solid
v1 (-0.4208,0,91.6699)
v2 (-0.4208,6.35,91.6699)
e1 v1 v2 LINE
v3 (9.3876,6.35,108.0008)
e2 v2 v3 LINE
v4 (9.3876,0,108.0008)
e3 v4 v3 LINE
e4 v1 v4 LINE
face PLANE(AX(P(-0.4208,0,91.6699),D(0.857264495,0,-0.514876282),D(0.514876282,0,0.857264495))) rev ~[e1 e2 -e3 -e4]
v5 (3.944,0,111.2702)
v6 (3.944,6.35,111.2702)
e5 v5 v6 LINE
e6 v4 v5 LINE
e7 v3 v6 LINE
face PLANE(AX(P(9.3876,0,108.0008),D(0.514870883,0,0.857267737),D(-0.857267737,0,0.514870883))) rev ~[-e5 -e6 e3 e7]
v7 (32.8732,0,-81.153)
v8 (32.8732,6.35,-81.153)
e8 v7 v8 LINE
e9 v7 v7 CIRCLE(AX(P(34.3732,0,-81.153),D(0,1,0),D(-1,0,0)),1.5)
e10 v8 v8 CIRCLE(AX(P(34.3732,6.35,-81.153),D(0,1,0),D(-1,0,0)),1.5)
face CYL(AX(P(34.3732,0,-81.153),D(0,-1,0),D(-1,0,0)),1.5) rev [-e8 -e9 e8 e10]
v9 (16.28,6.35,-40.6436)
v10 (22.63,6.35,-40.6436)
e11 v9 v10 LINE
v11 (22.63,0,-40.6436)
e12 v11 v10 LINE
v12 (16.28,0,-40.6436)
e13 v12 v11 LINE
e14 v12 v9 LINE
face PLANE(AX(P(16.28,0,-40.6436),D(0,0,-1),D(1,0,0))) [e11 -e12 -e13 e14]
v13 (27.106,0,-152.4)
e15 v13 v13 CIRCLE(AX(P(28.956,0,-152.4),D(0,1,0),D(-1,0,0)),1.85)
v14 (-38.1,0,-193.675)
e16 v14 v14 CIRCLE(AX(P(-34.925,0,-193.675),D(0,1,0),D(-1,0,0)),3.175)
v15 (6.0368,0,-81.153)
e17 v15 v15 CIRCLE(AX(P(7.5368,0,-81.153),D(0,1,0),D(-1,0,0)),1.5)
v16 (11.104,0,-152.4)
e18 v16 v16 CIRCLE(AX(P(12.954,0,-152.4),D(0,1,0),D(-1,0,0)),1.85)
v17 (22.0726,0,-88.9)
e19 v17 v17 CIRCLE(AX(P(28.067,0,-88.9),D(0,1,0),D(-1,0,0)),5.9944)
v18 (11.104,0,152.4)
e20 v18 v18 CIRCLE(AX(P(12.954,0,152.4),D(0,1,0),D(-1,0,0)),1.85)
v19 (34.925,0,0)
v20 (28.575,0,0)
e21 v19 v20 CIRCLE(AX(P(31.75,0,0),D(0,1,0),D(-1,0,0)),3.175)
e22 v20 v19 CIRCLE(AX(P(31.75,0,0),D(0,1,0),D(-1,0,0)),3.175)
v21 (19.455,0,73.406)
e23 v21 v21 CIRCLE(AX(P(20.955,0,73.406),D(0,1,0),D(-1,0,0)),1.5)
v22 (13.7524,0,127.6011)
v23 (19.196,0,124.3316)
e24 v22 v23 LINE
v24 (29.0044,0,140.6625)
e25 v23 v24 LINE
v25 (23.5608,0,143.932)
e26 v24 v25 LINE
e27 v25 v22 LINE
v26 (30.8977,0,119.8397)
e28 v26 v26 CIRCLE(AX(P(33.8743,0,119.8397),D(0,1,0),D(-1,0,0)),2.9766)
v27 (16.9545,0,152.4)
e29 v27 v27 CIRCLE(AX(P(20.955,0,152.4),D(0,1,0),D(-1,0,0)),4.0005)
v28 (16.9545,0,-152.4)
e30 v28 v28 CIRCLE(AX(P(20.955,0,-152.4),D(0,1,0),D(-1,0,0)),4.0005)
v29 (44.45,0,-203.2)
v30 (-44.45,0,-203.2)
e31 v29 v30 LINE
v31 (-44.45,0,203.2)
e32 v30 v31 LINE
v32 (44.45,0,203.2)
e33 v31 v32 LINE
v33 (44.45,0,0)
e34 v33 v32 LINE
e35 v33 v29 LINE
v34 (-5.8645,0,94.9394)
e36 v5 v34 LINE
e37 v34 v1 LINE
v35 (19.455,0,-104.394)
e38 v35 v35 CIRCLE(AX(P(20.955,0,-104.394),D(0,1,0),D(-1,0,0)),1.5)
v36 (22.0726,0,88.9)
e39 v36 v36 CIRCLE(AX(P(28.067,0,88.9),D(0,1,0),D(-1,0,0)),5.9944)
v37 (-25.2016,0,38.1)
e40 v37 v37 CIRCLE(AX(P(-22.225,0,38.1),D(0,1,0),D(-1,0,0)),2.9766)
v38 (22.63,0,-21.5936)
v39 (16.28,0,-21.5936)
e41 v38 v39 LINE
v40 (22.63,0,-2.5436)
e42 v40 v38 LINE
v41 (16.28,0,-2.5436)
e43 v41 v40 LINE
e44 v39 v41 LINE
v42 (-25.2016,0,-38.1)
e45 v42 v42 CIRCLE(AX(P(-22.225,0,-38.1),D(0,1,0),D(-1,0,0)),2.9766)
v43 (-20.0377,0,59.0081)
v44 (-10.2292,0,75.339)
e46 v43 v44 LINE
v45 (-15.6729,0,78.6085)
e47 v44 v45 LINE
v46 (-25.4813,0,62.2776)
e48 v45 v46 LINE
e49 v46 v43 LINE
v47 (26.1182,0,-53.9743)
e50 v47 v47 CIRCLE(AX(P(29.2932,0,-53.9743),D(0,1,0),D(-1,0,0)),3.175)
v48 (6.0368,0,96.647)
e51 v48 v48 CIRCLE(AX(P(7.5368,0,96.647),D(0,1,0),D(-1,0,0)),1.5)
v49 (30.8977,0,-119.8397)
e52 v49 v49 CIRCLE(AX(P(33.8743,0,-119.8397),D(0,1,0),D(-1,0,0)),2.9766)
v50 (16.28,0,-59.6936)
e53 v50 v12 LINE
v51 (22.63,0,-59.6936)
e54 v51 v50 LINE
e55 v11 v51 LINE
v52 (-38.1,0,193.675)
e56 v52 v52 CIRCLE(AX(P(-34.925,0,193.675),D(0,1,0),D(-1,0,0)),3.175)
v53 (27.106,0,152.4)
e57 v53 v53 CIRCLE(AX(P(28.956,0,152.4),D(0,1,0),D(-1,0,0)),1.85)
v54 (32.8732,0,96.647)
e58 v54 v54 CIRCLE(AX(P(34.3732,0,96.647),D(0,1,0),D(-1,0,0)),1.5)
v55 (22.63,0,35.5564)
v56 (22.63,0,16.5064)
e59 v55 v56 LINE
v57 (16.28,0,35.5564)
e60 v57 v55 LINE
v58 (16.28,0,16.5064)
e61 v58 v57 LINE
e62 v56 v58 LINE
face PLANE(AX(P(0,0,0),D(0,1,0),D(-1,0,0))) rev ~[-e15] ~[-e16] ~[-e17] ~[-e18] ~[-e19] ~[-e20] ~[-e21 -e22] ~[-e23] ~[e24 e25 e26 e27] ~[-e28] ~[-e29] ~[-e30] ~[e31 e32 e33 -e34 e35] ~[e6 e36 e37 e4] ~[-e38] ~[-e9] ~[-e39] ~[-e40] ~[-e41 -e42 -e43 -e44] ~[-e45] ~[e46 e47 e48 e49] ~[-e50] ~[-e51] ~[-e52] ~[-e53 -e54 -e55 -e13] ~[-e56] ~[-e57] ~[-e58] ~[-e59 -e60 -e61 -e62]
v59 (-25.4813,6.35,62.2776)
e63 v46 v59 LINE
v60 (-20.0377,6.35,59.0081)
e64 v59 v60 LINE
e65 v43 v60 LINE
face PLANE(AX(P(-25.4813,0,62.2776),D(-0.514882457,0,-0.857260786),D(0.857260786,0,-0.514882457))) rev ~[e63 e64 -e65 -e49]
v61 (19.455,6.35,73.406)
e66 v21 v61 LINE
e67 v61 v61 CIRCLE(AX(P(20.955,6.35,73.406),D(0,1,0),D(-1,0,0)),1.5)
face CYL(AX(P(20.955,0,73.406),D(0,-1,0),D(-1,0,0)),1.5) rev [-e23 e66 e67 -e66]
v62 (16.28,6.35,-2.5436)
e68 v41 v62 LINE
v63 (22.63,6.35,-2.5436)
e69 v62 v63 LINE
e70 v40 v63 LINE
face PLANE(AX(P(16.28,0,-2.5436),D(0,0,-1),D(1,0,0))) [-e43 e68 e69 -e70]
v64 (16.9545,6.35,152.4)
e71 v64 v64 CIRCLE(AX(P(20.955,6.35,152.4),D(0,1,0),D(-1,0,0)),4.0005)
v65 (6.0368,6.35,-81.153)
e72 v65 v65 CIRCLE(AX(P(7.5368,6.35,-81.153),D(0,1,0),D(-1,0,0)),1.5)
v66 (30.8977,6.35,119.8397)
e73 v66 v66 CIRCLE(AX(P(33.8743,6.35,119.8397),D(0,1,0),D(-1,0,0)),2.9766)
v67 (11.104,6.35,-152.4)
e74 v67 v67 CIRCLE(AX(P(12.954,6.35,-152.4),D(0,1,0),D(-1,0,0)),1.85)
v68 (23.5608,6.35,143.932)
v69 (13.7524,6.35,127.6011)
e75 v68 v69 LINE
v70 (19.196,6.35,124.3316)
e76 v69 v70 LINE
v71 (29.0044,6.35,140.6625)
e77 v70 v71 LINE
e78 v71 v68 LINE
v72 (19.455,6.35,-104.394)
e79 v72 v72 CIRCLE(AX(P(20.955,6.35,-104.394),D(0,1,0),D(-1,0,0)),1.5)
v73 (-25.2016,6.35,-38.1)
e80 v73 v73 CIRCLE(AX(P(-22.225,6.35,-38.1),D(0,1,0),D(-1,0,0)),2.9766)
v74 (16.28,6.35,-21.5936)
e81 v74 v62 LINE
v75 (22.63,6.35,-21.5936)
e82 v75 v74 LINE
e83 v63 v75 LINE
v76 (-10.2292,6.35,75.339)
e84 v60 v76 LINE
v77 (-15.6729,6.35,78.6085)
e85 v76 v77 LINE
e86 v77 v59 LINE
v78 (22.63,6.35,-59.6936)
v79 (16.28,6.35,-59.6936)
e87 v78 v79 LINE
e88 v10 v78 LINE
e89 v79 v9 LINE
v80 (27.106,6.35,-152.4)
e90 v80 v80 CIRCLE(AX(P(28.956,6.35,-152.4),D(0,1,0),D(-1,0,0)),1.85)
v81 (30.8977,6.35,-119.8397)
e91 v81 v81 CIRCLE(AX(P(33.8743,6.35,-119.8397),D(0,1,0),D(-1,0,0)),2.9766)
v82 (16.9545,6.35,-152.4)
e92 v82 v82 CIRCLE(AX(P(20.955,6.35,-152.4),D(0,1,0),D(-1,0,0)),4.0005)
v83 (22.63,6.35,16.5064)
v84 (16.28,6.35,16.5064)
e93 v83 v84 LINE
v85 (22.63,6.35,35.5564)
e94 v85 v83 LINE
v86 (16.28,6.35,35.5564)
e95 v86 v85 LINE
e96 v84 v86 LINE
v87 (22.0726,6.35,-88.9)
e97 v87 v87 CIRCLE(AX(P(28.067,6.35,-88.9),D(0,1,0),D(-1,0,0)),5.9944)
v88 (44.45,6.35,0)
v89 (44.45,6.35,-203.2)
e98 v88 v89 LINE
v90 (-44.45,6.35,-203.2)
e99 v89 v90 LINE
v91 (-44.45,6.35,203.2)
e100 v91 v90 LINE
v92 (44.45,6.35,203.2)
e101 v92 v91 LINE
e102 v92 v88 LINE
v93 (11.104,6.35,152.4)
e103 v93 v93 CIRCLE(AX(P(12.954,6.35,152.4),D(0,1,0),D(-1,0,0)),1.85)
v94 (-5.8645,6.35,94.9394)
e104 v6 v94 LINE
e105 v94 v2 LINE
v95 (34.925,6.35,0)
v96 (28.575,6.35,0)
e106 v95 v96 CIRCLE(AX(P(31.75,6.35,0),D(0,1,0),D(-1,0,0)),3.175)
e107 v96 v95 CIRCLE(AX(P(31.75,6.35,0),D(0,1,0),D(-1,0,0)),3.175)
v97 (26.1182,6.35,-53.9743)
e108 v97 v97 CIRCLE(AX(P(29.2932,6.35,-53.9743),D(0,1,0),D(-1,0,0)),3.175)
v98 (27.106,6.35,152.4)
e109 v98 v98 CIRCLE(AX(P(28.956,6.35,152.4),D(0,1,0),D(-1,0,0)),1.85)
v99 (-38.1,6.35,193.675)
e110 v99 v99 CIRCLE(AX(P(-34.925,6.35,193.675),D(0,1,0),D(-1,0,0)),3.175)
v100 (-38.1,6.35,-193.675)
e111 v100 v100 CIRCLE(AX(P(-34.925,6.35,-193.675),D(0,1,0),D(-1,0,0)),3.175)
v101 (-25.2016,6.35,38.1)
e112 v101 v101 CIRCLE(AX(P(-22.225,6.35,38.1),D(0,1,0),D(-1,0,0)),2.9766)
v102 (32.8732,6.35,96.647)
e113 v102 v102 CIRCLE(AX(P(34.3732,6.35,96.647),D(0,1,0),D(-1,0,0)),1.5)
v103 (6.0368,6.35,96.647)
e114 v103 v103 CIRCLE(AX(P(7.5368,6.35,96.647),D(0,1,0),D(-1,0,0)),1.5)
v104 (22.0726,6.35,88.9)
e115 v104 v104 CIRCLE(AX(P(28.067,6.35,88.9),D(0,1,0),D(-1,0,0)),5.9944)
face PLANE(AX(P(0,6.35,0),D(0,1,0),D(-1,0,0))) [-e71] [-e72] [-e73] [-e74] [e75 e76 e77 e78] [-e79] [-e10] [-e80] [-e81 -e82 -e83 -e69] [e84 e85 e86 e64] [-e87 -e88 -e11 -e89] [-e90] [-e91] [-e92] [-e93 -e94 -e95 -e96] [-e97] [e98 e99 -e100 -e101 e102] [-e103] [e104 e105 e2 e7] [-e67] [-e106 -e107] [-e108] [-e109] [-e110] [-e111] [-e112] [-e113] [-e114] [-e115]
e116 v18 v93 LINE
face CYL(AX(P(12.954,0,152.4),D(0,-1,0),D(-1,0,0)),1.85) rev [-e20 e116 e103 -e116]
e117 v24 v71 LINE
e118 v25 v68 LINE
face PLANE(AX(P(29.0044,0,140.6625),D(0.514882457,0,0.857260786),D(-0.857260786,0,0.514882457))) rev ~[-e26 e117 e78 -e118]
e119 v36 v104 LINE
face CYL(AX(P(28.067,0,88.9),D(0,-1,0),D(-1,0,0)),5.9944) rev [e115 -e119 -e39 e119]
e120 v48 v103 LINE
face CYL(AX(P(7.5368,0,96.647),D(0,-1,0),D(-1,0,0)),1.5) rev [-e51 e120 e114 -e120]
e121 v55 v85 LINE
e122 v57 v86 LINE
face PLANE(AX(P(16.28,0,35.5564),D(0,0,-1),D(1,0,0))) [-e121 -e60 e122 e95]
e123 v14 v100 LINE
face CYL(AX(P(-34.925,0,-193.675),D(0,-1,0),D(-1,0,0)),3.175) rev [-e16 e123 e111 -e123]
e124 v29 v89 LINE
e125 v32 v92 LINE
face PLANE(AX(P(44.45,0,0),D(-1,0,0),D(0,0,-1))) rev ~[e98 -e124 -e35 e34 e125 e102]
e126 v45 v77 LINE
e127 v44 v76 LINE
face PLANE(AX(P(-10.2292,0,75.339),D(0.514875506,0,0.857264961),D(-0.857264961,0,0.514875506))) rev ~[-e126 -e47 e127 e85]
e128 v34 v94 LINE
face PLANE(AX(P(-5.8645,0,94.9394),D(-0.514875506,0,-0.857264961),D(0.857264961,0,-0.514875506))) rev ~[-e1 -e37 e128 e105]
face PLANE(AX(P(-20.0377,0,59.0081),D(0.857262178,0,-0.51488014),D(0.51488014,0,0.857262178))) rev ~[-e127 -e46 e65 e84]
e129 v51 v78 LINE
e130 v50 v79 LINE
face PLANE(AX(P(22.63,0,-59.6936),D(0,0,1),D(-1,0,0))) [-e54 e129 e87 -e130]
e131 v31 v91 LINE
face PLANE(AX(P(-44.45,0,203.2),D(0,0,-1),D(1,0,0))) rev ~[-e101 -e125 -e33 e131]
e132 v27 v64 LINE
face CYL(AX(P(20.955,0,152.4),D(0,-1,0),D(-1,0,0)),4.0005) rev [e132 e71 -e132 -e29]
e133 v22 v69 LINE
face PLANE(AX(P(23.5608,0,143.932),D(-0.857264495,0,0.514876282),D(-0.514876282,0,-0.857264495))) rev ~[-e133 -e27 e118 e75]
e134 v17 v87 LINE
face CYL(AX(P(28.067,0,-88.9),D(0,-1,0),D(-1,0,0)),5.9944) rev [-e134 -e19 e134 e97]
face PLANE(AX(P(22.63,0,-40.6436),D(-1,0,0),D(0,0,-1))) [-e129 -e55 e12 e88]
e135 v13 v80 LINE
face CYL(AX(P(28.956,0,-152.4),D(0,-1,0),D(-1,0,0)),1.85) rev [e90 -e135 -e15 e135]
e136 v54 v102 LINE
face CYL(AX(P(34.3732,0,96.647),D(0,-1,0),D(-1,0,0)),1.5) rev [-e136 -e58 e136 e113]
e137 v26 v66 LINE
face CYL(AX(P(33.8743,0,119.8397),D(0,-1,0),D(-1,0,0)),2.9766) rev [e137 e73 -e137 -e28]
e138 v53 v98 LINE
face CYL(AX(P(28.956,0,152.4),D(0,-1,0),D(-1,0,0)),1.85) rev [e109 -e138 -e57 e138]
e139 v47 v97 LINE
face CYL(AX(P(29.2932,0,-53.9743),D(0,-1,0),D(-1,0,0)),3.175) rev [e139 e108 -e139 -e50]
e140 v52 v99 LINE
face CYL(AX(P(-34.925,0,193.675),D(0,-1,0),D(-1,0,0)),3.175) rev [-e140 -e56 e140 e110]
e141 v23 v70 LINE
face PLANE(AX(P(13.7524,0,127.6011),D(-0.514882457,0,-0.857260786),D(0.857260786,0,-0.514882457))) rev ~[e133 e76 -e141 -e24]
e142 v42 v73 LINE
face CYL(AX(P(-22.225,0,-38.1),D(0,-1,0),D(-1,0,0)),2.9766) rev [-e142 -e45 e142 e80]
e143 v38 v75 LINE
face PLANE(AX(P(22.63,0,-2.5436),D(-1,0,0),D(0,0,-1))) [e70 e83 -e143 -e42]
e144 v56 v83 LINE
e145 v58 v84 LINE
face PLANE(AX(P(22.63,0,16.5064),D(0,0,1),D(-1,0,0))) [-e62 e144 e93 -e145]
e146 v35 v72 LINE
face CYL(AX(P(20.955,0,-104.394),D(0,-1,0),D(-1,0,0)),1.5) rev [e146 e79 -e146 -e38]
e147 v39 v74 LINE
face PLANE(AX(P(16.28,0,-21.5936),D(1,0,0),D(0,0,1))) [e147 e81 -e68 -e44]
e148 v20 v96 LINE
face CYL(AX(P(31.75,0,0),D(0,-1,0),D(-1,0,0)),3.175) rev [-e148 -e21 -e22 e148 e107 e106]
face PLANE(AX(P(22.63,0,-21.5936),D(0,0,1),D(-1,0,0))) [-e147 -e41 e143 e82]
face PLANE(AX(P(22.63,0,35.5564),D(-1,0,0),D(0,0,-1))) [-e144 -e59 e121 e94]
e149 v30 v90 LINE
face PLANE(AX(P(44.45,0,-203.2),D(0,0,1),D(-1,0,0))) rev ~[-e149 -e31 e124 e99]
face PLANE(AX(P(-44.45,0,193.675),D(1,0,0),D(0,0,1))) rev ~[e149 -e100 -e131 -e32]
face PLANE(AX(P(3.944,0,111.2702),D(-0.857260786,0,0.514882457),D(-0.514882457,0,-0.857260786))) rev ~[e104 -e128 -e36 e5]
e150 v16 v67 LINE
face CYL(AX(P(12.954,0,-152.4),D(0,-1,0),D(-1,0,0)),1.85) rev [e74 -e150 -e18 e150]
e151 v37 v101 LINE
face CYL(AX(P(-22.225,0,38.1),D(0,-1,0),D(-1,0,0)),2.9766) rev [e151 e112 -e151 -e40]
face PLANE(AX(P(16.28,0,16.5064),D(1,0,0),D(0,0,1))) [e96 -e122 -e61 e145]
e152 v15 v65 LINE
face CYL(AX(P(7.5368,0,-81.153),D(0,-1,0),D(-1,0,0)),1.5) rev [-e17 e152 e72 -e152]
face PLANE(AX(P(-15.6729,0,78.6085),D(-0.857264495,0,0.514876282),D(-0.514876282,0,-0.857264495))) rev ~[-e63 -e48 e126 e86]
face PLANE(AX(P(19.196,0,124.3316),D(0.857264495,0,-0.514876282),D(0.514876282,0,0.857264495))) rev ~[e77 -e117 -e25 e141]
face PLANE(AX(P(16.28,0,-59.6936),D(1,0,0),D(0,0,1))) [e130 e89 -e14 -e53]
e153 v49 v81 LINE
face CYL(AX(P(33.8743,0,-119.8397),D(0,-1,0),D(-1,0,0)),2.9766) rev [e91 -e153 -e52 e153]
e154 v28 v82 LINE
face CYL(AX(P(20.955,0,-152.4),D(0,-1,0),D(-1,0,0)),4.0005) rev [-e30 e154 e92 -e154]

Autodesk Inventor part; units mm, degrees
ref_plane "YZ Plane" through (0, 0, 0) normal (1, 0, 0) x (0, 1, 0)
ref_plane "XZ Plane" through (0, 0, 0) normal (0, 1, 0) x (-1, 0, 0)
ref_plane "XY Plane" through (0, 0, 0) normal (0, 0, 1) x (1, 0, 0)
sketch "Sketch1" plane through (0, 0, 0) normal (0, 1, 0) x (-1, 0, 0)
  line L0 (44.45, 203.2) -> (-44.45, 203.2)
  line L1 (-44.45, 203.2) -> (-44.45, -203.2)
  line L2 (-44.45, -203.2) -> (44.45, -203.2)
  line L3 (44.45, -203.2) -> (44.45, 203.2)
  line L4 (44.45, 203.2) -> (-44.45, -203.2) construction
  line L5 (-44.45, 203.2) -> (44.45, -203.2) construction
  line L6 (-44.45, 203.2) -> (-20.955, 203.2)
  line L7 (-20.955, 203.2) -> (-20.955, 88.9) construction
  line L8 (-44.45, 88.9) -> (-44.45, 203.2)
  circle A0 centre (-20.955, 88.9) radius 15.494 construction
  line L9 (44.45, 203.2) -> (44.45, 111.6492)
  line L10 (44.45, 203.2) -> (44.45, 38.1)
  line L11 (44.45, 38.1) -> (22.225, 38.1) construction
  circle A1 centre (22.225, 38.1) radius 12.065 construction
  line L12 (-66.675, 88.9) -> (0, 88.9) construction
  line L13 (0, 88.9) -> (0, 203.2) construction
  line L14 (0, 203.2) -> (-66.675, 203.2)
  line L15 (-66.675, 203.2) -> (-66.675, 88.9) construction
  line L16 (-66.675, 203.2) -> (-66.675, 209.55) construction
  line L17 (-66.675, 209.55) -> (32.5679, 44.312) construction
  circle A2 centre (-20.955, 104.394) radius 1.5
  circle A3 centre (-34.3732, 96.647) radius 1.5
  circle A4 centre (-34.3732, 81.153) radius 1.5
  circle A5 centre (-20.955, 73.406) radius 1.5
  circle A6 centre (-7.5368, 81.153) radius 1.5
  circle A7 centre (-7.5368, 96.647) radius 1.5
  circle A8 centre (-20.955, 88.9) radius 7.112 construction
  circle A9 centre (-28.067, 88.9) radius 5.9944
  line L18 (-20.955, 88.9) -> (-20.955, 152.4) construction
  circle A10 centre (-20.955, 152.4) radius 8.001 construction
  circle A11 centre (-20.955, 152.4) radius 4.0005
  circle A12 centre (-20.955, 160.401) radius 1.85
  line L19 (42.545, 152.4) -> (-20.955, 152.4) construction
  circle A13 centre (-28.956, 152.4) radius 1.85
  line L20 (-20.955, 215.9) -> (-20.955, 152.4) construction
  circle A14 centre (-20.955, 144.399) radius 1.85
  line L21 (-84.455, 152.4) -> (-20.955, 152.4) construction
  circle A15 centre (-12.954, 152.4) radius 1.85
  line L22 (44.45, 0) -> (-44.45, 0) construction
  circle A16 centre (22.225, 38.1) radius 2.9766
  circle A17 centre (22.225, -38.1) radius 2.9766
  circle A18 centre (-33.8743, 119.8397) radius 12.065 construction
  circle A19 centre (-33.8743, 119.8397) radius 2.9766
  circle A20 centre (-20.955, 152.4) radius 50.8 construction
  line L23 (32.5679, 44.312) -> (22.7595, 60.6429) construction
  line L24 (22.7595, 60.6429) -> (17.8553, 68.8083) construction
  line L25 (15.6729, 78.6085) -> (25.4813, 62.2776)
  line L26 (25.4813, 62.2776) -> (20.0377, 59.0081)
  line L27 (20.0377, 59.0081) -> (10.2292, 75.339)
  line L28 (10.2292, 75.339) -> (15.6729, 78.6085)
  line L29 (15.6729, 78.6085) -> (20.0377, 59.0081) construction
  line L30 (25.4813, 62.2776) -> (10.2292, 75.339) construction
  line L31 (-3.944, 111.2702) -> (5.8645, 94.9394)
  line L32 (-9.3876, 108.0008) -> (-3.944, 111.2702)
  line L33 (5.8645, 94.9394) -> (0.4208, 91.6699)
  line L34 (0.4208, 91.6699) -> (-9.3876, 108.0008)
  line L35 (-23.5608, 143.932) -> (-13.7524, 127.6011)
  line L36 (-29.0044, 140.6625) -> (-23.5608, 143.932)
  line L37 (-13.7524, 127.6011) -> (-19.196, 124.3316)
  line L38 (-19.196, 124.3316) -> (-29.0044, 140.6625)
  circle A21 centre (-20.955, -104.394) radius 1.5
  circle A22 centre (-34.3732, -81.153) radius 1.5
  circle A23 centre (-7.5368, -81.153) radius 1.5
  circle A24 centre (-28.067, -88.9) radius 5.9944
  circle A25 centre (-20.955, -152.4) radius 4.0005
  circle A26 centre (-28.956, -152.4) radius 1.85
  circle A27 centre (-12.954, -152.4) radius 1.85
  circle A28 centre (22.225, -38.1) radius 2.9766
  circle A29 centre (-33.8743, -119.8397) radius 2.9766
  circle A30 centre (-29.2932, -53.9743) radius 3.175
  circle A31 centre (-28.067, 88.9) radius 31.75 construction
  line L39 (-28.067, 88.9) -> (-44.45, 88.9) construction
  line L40 (-44.45, 88.9) -> (-44.45, 12.7)
  line L41 (44.45, 203.2) -> (34.925, 203.2)
  line L42 (34.925, 203.2) -> (34.925, 193.675) construction
  line L43 (34.925, 193.675) -> (44.45, 193.675) construction
  line L44 (44.45, 193.675) -> (44.45, 203.2)
  circle A32 centre (34.925, 193.675) radius 3.175
  line L45 (-44.45, 0) -> (-31.75, 0)
  circle A33 centre (-31.75, 0) radius 3.175
  circle A34 centre (34.925, -193.675) radius 3.175
  line L46 (-44.45, 0) -> (-19.455, 0) construction
  line L47 (-16.28, -76.0639) -> (-22.63, -76.0639) construction
  line L48 (-22.63, -76.0639) -> (-22.63, 51.9267) construction
  line L49 (-22.63, 51.9267) -> (-16.28, 51.9267) construction
  line L50 (-16.28, 51.9267) -> (-16.28, -76.0639) construction
  line L51 (-16.28, -63.9953) -> (-22.63, 63.9953) construction
  line L52 (-22.63, -63.9953) -> (-16.28, 63.9953) construction
  line L53 (-16.28, 51.9267) -> (-22.63, -76.0639) construction
  line L54 (-22.63, 51.9267) -> (-16.28, -76.0639) construction
  line L55 (-16.28, -2.5436) -> (-22.63, -2.5436)
  line L56 (-22.63, -2.5436) -> (-22.63, -21.5936)
  line L57 (-22.63, -21.5936) -> (-16.28, -21.5936)
  line L58 (-16.28, -21.5936) -> (-16.28, -2.5436)
  line L59 (-16.28, -2.5436) -> (-22.63, -21.5936) construction
  line L60 (-22.63, -2.5436) -> (-16.28, -21.5936) construction
  line L61 (-16.28, -40.6436) -> (-22.63, -40.6436)
  line L62 (-16.28, -59.6936) -> (-16.28, -40.6436)
  line L63 (-22.63, -40.6436) -> (-22.63, -59.6936)
  line L64 (-22.63, -59.6936) -> (-16.28, -59.6936)
  line L65 (-16.28, 35.5564) -> (-22.63, 35.5564)
  line L66 (-16.28, 16.5064) -> (-16.28, 35.5564)
  line L67 (-22.63, 35.5564) -> (-22.63, 16.5064)
  line L68 (-22.63, 16.5064) -> (-16.28, 16.5064)
  line L69 (-16.28, -2.5436) -> (-22.63, -2.5436)
  line L70 (-16.28, -21.5936) -> (-16.28, -2.5436)
  line L71 (-22.63, -2.5436) -> (-22.63, -21.5936)
  line L72 (-22.63, -21.5936) -> (-16.28, -21.5936)
  point P0 (0, 0)
  point P1 (-19.455, -12.0686)
  dimension "d4" = 30.988
  dimension "d7" = 24.13
  dimension "d16" = 14.224
  dimension "d19" = 16.002
  dimension "d0" = 88.9
  dimension "d1" = 406.4
  dimension "d2" = 114.3
  dimension "d3" = 23.495
  dimension "d5" = 165.1
  dimension "d6" = 22.225
  dimension "d10" = 6.35
  dimension "d14" = 360
  dimension "d17" = 11.9888
  dimension "d18" = 63.5
  dimension "d20" = 8.001
  dimension "d21" = 3.7
  dimension "d24" = 360
  dimension "d26" = 5.9531
  dimension "d27" = 24.13
  dimension "d28" = 5.9531
  dimension "d29" = 101.6
  dimension "d32" = 19.05
  dimension "d33" = 9.525
  dimension "d34" = 6.35
  dimension "d37" = 38.1
  dimension "d48" = 63.5
  dimension "d50" = 9.525
  dimension "d51" = 9.525
  dimension "d52" = 6.35
  dimension "d53" = 12.7
  dimension "d54" = 6.35
  dimension "d57" = 6.35
  dimension "d58" = 127.9906
  dimension "d59" = 6.35
  dimension "d60" = 19.05
  dimension "d63" = 38.1
  dimension "d66" = 38.1
extrude "Extrusion5" add sketch "Sketch1" along normal blind 6.35 contours L3 L2 L1 L0 | A2 | A4 | A6 | A12 | A14
properties part number "ChassisOutide10"
